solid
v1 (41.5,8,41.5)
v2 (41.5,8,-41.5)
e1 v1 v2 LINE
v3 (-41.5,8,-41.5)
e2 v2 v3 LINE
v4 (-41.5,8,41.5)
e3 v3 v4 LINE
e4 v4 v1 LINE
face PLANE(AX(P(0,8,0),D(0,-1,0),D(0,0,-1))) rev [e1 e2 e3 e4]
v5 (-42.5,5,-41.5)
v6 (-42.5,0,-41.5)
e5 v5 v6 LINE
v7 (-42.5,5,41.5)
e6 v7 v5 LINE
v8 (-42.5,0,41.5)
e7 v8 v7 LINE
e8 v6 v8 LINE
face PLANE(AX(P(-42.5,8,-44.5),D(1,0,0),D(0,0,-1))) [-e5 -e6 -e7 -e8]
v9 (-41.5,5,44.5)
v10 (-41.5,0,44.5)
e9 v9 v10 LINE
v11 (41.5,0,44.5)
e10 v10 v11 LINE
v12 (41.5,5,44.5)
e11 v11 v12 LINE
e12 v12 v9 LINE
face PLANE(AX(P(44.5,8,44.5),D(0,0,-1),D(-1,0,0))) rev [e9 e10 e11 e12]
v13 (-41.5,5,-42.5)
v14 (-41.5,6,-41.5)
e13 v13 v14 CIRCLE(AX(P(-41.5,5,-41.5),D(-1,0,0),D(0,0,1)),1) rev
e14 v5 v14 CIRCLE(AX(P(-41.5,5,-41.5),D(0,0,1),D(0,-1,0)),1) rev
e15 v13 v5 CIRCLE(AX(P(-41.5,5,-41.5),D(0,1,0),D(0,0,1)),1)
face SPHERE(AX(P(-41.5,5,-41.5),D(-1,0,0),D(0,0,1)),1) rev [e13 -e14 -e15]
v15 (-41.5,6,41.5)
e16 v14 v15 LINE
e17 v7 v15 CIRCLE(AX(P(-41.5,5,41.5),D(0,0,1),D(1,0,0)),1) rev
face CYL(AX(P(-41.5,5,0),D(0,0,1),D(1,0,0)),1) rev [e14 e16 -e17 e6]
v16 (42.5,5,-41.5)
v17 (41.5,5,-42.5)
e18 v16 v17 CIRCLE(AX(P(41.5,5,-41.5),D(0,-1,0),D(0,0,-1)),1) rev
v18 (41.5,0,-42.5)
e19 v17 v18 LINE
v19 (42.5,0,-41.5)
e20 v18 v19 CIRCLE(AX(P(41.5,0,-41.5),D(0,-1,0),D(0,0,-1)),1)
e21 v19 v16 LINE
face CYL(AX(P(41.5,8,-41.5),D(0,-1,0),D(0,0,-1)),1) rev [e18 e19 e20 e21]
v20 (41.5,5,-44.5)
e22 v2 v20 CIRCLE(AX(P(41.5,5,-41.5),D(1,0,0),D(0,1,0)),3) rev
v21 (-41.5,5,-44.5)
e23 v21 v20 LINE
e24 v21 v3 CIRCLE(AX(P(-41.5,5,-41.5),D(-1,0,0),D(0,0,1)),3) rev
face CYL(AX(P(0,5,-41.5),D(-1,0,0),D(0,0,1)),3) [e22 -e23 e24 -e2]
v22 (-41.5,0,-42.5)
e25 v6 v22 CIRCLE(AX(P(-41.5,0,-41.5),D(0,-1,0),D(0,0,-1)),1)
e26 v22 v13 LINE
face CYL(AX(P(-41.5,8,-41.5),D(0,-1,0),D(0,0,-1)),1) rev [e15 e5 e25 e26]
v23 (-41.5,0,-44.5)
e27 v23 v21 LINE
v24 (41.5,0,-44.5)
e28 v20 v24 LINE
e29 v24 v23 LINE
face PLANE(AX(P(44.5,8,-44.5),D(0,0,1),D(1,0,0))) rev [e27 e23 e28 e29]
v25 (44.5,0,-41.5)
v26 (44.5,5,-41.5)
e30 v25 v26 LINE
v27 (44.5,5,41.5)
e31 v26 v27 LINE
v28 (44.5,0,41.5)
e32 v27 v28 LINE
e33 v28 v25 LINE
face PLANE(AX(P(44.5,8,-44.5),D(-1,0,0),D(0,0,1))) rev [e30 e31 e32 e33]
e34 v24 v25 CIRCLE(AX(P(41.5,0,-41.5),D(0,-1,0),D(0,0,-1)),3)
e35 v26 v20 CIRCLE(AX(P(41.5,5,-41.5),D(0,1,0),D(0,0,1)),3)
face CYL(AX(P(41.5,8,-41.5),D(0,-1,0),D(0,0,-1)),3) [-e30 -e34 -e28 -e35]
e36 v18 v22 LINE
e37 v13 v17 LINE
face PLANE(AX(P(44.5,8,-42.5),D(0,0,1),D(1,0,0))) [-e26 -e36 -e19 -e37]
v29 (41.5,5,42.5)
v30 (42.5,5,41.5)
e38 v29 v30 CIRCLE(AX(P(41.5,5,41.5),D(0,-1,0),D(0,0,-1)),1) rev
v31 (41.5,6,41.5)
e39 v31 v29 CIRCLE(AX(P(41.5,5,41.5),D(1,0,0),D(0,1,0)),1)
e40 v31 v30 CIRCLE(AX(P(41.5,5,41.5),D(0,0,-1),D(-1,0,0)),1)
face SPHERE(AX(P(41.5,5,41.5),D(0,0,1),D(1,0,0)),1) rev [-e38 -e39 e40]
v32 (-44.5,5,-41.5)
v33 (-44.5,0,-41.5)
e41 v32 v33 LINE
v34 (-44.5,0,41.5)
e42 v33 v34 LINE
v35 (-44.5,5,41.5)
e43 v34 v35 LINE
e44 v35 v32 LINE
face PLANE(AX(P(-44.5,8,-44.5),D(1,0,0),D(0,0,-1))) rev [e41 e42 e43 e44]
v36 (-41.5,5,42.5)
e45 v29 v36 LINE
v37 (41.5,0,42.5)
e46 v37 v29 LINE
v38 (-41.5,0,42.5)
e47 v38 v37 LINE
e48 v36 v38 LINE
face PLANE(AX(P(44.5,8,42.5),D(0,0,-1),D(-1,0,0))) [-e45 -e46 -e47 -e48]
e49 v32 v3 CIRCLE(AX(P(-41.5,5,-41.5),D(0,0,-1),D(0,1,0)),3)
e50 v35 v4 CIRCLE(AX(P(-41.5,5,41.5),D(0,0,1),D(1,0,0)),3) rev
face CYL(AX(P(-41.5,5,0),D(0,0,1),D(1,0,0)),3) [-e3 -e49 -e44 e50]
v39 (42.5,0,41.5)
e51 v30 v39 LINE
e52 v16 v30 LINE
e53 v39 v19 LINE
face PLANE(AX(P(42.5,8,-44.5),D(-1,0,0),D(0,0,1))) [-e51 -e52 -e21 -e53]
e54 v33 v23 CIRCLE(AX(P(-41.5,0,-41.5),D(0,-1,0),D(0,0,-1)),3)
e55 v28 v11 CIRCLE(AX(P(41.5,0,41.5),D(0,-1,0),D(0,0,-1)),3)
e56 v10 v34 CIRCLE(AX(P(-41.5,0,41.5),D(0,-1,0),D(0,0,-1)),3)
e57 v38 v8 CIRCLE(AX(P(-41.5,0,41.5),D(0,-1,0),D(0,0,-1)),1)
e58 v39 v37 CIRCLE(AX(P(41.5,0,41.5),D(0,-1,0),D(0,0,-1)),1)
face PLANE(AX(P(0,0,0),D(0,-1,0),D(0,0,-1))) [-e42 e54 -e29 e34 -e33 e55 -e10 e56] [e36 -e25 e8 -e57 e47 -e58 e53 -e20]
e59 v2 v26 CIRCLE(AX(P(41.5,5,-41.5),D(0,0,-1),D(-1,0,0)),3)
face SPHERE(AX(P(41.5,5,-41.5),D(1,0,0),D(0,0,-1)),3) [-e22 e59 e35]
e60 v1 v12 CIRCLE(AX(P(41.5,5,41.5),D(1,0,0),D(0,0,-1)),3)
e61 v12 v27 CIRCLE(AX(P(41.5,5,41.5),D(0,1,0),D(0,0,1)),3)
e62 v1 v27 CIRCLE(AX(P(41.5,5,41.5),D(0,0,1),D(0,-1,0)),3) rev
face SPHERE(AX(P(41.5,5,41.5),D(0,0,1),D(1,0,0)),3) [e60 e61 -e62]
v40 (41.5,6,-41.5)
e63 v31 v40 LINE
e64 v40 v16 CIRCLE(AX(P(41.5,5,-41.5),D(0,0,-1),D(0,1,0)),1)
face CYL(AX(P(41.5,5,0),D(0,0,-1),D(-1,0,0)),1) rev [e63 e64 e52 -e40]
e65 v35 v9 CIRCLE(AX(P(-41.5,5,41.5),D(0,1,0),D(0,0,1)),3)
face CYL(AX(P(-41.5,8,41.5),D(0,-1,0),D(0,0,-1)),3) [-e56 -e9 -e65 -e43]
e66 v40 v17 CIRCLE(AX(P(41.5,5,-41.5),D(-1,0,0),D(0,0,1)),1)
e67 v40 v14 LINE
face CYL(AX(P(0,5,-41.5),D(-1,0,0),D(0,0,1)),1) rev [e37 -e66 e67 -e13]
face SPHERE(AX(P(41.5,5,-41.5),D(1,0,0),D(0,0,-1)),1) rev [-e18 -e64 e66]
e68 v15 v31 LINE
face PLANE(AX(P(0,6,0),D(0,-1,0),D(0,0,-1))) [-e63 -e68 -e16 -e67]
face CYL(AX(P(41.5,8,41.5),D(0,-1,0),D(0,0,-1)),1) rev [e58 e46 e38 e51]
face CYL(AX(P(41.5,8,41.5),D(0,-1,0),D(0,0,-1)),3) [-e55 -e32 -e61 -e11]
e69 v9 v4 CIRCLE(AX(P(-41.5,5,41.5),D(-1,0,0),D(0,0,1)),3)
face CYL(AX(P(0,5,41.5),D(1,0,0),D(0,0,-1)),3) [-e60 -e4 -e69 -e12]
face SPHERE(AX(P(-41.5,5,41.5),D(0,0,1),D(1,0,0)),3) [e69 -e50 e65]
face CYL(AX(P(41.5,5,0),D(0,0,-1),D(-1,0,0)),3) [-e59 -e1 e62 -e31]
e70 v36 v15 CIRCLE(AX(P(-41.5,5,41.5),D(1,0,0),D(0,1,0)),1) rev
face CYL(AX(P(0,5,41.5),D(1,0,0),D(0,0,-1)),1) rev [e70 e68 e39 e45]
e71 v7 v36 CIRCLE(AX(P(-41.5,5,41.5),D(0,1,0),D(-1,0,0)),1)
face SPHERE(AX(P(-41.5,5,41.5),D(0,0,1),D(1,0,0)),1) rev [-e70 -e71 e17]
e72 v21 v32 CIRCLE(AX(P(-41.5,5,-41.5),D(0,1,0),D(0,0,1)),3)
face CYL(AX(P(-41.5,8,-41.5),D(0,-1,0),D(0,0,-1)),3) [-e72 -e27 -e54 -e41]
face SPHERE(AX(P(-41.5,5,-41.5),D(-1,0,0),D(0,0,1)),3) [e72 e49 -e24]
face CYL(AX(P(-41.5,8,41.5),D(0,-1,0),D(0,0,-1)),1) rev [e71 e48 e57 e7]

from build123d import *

# Parameters (mm, degrees)
SKETCH1_W           = 89
SKETCH1_H           = 89
BOSS_EXTRUDE1_DEPTH = 8
FILLET1_R           = 3
SHELL1_T            = -2


with BuildPart() as part:
    # Sketch1 → Boss-Extrude1 (new body)
    with BuildSketch(Plane(origin=(0, 0, 0), x_dir=(1, 0, 0), z_dir=(0, 1, 0))):
        Rectangle(SKETCH1_W, SKETCH1_H)
    extrude(amount=BOSS_EXTRUDE1_DEPTH)

    # Fillet1
    fillet1_edges = [part.edges().sort_by_distance(p)[0] for p in [
        (44.5, 8, 0),
        (0, 8, -44.5),
        (-44.5, 8, 0),
        (-44.5, 4, -44.5),
        (44.5, 4, -44.5),
        (44.5, 4, 44.5),
        (-44.5, 4, 44.5),
        (0, 8, 44.5),
    ]]
    fillet(fillet1_edges, radius=FILLET1_R)

    # Shell1
    shell1_openings = [part.faces().sort_by_distance(p)[0] for p in [
        (0, 0, 0),
    ]]
    offset(amount=SHELL1_T, openings=shell1_openings, kind=Kind.INTERSECTION)


solid = part.part
